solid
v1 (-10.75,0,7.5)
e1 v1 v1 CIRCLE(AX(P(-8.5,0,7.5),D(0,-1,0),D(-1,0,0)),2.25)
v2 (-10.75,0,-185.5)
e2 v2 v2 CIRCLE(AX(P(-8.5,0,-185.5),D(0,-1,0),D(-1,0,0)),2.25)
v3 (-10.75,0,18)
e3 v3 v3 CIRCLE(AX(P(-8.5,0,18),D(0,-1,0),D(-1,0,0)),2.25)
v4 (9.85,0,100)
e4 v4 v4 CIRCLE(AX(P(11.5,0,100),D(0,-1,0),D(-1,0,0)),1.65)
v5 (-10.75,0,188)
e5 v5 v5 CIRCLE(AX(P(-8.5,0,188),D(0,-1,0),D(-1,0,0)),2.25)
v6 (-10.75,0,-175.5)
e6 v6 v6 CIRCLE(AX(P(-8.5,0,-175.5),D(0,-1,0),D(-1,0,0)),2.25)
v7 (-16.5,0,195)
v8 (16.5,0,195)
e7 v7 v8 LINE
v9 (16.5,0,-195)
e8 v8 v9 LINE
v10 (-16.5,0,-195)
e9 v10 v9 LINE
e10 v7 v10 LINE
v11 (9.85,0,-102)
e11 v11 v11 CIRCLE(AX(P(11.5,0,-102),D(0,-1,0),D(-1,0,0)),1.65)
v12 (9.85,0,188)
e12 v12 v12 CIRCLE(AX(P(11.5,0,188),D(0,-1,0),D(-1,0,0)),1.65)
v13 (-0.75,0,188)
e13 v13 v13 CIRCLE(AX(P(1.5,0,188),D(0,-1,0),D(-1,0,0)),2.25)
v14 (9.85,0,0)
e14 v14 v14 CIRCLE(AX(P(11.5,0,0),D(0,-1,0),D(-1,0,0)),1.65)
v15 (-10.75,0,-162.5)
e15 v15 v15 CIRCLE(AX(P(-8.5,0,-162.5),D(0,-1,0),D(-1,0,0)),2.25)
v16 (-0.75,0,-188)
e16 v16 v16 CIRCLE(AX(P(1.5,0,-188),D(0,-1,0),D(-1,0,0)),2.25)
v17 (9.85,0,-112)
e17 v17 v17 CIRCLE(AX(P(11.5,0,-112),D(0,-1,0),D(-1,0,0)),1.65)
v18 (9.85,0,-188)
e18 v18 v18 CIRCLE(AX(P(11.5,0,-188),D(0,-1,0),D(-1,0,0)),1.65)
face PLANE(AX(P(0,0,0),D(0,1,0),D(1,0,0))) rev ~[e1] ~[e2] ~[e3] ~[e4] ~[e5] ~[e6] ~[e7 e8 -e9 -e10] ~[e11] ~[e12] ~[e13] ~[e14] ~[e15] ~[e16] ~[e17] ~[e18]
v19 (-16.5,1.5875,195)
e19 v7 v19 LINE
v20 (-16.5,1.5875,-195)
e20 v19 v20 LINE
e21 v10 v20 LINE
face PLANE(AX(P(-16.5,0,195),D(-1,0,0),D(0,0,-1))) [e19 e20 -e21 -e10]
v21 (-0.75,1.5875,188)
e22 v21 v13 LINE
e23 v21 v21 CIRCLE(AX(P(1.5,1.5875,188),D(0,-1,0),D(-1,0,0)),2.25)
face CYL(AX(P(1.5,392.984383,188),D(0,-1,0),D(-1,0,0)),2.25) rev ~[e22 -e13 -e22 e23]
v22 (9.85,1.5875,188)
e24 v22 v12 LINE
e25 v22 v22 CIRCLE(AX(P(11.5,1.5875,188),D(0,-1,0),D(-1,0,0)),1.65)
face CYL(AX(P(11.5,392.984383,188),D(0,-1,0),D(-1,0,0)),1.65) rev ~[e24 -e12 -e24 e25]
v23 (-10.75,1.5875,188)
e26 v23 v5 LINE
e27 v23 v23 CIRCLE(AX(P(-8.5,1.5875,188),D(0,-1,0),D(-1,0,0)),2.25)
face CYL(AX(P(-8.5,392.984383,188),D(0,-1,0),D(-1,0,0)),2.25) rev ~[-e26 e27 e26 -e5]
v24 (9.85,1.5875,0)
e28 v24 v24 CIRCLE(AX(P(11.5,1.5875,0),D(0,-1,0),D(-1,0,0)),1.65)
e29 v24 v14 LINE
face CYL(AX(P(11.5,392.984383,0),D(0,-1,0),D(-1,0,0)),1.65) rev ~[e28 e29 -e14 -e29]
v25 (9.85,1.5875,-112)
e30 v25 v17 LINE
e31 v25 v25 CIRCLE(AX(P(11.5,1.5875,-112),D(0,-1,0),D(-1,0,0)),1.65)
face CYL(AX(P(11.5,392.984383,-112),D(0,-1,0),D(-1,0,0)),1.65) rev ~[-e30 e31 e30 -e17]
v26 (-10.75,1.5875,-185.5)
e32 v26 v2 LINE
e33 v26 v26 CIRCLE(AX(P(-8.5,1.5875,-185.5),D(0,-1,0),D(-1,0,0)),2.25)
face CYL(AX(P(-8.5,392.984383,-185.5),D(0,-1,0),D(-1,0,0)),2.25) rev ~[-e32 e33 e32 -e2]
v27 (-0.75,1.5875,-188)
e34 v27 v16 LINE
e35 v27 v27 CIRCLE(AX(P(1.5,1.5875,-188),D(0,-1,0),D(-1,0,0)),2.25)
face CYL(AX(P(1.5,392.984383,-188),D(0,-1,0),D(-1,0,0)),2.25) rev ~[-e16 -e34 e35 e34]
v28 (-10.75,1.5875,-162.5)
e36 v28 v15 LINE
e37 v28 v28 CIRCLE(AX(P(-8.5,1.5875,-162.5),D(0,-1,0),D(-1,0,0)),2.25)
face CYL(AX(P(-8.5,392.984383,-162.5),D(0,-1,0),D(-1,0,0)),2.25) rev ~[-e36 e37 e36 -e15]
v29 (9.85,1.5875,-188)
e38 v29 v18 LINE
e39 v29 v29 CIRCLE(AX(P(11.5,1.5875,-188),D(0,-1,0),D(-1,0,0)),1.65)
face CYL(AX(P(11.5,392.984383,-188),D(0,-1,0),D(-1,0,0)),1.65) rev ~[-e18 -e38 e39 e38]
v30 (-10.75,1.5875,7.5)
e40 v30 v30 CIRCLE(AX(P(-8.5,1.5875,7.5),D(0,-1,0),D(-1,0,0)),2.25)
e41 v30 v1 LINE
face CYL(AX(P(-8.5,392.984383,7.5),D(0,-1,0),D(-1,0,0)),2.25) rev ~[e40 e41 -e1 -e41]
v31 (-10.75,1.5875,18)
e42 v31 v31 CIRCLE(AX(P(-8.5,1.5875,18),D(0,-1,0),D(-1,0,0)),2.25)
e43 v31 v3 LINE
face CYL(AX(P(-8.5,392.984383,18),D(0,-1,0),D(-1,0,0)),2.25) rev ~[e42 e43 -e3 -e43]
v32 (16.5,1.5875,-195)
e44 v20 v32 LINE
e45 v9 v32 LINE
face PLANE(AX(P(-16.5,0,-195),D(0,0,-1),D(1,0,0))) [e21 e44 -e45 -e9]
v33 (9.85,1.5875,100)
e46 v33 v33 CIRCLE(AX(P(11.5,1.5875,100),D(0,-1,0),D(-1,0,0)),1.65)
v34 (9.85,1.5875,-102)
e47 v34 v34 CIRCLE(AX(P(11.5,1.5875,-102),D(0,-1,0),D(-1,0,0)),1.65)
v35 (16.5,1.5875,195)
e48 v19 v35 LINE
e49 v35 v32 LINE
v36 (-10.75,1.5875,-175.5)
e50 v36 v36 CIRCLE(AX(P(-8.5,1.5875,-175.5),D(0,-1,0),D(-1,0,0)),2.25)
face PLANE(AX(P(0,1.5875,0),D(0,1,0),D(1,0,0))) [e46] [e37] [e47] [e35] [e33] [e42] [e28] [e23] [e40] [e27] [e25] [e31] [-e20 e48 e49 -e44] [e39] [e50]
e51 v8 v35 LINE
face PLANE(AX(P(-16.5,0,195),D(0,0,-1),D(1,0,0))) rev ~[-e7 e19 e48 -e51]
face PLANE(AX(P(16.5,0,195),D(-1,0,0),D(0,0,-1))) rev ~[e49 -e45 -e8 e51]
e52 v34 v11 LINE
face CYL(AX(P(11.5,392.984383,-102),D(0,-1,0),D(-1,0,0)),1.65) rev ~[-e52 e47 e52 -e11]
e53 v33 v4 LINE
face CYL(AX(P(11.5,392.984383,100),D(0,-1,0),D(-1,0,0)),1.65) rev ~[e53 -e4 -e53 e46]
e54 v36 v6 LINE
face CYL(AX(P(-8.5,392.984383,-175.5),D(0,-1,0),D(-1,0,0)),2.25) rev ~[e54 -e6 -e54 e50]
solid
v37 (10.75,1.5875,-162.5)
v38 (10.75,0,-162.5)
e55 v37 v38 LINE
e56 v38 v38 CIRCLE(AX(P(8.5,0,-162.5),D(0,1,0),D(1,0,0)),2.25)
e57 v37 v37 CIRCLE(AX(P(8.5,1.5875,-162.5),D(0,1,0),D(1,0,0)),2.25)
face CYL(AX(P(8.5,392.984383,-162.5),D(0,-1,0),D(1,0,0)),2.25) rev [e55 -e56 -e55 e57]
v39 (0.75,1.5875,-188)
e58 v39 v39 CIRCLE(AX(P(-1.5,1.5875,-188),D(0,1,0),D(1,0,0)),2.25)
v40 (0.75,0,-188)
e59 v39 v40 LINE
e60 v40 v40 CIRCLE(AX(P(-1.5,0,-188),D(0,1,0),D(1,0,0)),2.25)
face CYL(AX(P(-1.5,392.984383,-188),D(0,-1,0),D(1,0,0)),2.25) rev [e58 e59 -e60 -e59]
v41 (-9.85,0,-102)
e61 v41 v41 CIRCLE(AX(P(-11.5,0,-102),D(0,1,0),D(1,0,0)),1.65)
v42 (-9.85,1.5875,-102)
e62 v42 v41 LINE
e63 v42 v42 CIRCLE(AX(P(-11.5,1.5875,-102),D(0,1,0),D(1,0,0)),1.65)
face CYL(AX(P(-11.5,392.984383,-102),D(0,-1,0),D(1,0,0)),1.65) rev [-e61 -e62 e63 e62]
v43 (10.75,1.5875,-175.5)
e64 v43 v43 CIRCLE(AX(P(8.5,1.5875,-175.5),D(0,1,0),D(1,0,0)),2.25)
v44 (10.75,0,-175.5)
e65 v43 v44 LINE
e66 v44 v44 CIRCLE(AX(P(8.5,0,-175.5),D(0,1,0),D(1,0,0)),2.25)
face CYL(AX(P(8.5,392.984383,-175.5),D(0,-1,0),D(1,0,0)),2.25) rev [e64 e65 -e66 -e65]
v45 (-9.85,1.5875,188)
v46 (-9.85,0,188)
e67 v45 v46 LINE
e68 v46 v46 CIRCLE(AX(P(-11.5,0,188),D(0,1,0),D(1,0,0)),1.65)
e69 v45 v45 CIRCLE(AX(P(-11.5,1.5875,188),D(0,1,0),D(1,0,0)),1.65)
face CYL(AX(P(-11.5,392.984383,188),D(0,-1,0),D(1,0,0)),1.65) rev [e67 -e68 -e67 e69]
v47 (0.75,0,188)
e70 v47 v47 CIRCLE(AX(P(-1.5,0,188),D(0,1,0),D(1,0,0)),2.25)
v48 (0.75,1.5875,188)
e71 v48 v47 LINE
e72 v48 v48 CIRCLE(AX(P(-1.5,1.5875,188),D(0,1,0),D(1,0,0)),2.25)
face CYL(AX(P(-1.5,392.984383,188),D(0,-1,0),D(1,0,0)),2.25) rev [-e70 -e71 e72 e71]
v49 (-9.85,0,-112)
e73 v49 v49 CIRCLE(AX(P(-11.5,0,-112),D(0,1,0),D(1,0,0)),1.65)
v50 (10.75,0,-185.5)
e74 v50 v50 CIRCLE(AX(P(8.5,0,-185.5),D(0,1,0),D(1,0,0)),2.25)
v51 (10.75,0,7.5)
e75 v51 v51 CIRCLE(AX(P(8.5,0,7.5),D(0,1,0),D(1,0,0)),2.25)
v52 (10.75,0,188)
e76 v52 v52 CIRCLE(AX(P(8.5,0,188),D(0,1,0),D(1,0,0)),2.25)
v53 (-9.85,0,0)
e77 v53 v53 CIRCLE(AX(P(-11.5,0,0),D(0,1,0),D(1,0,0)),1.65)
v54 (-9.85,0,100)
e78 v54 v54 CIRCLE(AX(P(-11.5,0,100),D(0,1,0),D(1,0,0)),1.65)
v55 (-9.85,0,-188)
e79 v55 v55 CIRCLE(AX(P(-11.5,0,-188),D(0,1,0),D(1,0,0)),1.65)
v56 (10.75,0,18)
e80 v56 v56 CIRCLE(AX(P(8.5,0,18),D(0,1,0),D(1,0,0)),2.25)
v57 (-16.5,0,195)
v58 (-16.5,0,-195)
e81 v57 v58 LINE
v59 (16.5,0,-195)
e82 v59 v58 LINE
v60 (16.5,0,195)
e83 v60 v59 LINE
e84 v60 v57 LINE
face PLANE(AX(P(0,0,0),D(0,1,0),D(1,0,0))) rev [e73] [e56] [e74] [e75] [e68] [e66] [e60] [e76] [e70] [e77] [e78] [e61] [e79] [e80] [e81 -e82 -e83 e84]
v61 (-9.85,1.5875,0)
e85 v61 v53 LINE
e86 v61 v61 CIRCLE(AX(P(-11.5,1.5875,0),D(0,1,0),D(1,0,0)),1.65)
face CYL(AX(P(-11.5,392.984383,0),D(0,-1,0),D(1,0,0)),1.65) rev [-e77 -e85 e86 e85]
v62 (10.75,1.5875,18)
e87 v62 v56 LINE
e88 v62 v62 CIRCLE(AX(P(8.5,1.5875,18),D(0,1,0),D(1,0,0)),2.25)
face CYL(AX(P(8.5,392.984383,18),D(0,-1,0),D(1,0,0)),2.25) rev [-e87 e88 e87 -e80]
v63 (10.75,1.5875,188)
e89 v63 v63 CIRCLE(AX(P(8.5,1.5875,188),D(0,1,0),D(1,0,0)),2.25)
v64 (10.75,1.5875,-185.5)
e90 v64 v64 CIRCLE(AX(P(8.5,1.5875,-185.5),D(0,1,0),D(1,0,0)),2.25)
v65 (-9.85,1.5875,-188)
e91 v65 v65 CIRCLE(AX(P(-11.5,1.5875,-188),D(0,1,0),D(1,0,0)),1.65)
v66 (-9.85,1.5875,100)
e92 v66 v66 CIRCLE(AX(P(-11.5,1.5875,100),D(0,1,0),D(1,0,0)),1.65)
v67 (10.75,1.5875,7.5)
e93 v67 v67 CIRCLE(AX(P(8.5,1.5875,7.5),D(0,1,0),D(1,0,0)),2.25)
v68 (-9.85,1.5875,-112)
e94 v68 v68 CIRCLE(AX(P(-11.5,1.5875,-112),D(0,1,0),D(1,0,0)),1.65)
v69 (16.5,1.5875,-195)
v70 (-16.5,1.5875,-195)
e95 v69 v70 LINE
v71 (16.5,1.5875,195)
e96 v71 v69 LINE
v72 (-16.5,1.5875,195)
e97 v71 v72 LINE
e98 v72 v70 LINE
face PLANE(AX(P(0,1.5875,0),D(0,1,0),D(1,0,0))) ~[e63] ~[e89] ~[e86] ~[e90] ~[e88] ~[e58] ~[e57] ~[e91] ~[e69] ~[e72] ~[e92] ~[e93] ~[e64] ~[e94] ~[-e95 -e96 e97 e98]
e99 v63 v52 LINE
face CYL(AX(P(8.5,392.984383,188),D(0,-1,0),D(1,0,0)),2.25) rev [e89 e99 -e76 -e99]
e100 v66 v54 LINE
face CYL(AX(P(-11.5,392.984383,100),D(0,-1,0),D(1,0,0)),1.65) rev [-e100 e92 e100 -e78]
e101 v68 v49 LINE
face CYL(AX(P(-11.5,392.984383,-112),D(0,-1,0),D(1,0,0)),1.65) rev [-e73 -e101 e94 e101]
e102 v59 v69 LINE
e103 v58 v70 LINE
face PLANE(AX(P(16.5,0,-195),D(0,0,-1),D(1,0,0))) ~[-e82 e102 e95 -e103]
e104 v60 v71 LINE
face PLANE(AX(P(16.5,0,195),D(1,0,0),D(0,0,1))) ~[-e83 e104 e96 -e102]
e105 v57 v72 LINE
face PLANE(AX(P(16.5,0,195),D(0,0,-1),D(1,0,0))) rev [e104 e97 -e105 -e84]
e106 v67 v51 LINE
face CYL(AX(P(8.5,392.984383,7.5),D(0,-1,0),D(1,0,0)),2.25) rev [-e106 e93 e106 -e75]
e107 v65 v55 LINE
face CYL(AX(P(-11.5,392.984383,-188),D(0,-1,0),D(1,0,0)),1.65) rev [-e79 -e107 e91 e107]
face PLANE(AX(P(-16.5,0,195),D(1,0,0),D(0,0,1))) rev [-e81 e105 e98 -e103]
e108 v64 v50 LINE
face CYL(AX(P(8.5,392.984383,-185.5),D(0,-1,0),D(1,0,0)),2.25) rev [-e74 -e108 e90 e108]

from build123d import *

# Parameters (mm, degrees)
SKETCH1_W             = 33
SKETCH1_H             = 390
BOSS_EXTRUDE1_DEPTH   = 1.5875
M4_CLEARANCE_HOLE1_D  = 4.5
M4X0_7_TAPPED_HOLE1_D = 3.3


with BuildPart() as part:
    # Sketch1 → Boss-Extrude1 (new body)
    with BuildSketch(Plane(origin=(0, 0, 0), x_dir=(1, 0, 0), z_dir=(0, 1, 0))):
        Rectangle(SKETCH1_W, SKETCH1_H)
    extrude(amount=BOSS_EXTRUDE1_DEPTH)

    # M4 Clearance Hole1 (through all)
    with Locations(Plane(origin=(0, 1.5875, 0), x_dir=(1, 0, 0), z_dir=(0, 1, 0))):
        with Locations((1.5, 188), (-8.5, 185.5), (-8.5, 175.5), (-8.5, 162.5), (-8.5, -7.5), (-8.5, -18), (-8.5, -188), (1.5, -188)):
            Hole(M4_CLEARANCE_HOLE1_D / 2)

    # M4x0.7 Tapped Hole1 (through all)
    with Locations(Plane(origin=(0, 1.5875, 0), x_dir=(1, 0, 0), z_dir=(0, 1, 0))):
        with Locations((11.5, 188), (11.5, -188), (11.5, -100), (11.5, 0), (11.5, 102), (11.5, 112)):
            Hole(M4X0_7_TAPPED_HOLE1_D / 2)


with BuildPart() as body_2:
    # Mirror1: mirrored copy
    add(part.part.mirror(Plane(origin=(0, 0, 0), x_dir=(0, 0, 1), z_dir=(1, 0, 0))))


solid = Compound([part.part, body_2.part])
